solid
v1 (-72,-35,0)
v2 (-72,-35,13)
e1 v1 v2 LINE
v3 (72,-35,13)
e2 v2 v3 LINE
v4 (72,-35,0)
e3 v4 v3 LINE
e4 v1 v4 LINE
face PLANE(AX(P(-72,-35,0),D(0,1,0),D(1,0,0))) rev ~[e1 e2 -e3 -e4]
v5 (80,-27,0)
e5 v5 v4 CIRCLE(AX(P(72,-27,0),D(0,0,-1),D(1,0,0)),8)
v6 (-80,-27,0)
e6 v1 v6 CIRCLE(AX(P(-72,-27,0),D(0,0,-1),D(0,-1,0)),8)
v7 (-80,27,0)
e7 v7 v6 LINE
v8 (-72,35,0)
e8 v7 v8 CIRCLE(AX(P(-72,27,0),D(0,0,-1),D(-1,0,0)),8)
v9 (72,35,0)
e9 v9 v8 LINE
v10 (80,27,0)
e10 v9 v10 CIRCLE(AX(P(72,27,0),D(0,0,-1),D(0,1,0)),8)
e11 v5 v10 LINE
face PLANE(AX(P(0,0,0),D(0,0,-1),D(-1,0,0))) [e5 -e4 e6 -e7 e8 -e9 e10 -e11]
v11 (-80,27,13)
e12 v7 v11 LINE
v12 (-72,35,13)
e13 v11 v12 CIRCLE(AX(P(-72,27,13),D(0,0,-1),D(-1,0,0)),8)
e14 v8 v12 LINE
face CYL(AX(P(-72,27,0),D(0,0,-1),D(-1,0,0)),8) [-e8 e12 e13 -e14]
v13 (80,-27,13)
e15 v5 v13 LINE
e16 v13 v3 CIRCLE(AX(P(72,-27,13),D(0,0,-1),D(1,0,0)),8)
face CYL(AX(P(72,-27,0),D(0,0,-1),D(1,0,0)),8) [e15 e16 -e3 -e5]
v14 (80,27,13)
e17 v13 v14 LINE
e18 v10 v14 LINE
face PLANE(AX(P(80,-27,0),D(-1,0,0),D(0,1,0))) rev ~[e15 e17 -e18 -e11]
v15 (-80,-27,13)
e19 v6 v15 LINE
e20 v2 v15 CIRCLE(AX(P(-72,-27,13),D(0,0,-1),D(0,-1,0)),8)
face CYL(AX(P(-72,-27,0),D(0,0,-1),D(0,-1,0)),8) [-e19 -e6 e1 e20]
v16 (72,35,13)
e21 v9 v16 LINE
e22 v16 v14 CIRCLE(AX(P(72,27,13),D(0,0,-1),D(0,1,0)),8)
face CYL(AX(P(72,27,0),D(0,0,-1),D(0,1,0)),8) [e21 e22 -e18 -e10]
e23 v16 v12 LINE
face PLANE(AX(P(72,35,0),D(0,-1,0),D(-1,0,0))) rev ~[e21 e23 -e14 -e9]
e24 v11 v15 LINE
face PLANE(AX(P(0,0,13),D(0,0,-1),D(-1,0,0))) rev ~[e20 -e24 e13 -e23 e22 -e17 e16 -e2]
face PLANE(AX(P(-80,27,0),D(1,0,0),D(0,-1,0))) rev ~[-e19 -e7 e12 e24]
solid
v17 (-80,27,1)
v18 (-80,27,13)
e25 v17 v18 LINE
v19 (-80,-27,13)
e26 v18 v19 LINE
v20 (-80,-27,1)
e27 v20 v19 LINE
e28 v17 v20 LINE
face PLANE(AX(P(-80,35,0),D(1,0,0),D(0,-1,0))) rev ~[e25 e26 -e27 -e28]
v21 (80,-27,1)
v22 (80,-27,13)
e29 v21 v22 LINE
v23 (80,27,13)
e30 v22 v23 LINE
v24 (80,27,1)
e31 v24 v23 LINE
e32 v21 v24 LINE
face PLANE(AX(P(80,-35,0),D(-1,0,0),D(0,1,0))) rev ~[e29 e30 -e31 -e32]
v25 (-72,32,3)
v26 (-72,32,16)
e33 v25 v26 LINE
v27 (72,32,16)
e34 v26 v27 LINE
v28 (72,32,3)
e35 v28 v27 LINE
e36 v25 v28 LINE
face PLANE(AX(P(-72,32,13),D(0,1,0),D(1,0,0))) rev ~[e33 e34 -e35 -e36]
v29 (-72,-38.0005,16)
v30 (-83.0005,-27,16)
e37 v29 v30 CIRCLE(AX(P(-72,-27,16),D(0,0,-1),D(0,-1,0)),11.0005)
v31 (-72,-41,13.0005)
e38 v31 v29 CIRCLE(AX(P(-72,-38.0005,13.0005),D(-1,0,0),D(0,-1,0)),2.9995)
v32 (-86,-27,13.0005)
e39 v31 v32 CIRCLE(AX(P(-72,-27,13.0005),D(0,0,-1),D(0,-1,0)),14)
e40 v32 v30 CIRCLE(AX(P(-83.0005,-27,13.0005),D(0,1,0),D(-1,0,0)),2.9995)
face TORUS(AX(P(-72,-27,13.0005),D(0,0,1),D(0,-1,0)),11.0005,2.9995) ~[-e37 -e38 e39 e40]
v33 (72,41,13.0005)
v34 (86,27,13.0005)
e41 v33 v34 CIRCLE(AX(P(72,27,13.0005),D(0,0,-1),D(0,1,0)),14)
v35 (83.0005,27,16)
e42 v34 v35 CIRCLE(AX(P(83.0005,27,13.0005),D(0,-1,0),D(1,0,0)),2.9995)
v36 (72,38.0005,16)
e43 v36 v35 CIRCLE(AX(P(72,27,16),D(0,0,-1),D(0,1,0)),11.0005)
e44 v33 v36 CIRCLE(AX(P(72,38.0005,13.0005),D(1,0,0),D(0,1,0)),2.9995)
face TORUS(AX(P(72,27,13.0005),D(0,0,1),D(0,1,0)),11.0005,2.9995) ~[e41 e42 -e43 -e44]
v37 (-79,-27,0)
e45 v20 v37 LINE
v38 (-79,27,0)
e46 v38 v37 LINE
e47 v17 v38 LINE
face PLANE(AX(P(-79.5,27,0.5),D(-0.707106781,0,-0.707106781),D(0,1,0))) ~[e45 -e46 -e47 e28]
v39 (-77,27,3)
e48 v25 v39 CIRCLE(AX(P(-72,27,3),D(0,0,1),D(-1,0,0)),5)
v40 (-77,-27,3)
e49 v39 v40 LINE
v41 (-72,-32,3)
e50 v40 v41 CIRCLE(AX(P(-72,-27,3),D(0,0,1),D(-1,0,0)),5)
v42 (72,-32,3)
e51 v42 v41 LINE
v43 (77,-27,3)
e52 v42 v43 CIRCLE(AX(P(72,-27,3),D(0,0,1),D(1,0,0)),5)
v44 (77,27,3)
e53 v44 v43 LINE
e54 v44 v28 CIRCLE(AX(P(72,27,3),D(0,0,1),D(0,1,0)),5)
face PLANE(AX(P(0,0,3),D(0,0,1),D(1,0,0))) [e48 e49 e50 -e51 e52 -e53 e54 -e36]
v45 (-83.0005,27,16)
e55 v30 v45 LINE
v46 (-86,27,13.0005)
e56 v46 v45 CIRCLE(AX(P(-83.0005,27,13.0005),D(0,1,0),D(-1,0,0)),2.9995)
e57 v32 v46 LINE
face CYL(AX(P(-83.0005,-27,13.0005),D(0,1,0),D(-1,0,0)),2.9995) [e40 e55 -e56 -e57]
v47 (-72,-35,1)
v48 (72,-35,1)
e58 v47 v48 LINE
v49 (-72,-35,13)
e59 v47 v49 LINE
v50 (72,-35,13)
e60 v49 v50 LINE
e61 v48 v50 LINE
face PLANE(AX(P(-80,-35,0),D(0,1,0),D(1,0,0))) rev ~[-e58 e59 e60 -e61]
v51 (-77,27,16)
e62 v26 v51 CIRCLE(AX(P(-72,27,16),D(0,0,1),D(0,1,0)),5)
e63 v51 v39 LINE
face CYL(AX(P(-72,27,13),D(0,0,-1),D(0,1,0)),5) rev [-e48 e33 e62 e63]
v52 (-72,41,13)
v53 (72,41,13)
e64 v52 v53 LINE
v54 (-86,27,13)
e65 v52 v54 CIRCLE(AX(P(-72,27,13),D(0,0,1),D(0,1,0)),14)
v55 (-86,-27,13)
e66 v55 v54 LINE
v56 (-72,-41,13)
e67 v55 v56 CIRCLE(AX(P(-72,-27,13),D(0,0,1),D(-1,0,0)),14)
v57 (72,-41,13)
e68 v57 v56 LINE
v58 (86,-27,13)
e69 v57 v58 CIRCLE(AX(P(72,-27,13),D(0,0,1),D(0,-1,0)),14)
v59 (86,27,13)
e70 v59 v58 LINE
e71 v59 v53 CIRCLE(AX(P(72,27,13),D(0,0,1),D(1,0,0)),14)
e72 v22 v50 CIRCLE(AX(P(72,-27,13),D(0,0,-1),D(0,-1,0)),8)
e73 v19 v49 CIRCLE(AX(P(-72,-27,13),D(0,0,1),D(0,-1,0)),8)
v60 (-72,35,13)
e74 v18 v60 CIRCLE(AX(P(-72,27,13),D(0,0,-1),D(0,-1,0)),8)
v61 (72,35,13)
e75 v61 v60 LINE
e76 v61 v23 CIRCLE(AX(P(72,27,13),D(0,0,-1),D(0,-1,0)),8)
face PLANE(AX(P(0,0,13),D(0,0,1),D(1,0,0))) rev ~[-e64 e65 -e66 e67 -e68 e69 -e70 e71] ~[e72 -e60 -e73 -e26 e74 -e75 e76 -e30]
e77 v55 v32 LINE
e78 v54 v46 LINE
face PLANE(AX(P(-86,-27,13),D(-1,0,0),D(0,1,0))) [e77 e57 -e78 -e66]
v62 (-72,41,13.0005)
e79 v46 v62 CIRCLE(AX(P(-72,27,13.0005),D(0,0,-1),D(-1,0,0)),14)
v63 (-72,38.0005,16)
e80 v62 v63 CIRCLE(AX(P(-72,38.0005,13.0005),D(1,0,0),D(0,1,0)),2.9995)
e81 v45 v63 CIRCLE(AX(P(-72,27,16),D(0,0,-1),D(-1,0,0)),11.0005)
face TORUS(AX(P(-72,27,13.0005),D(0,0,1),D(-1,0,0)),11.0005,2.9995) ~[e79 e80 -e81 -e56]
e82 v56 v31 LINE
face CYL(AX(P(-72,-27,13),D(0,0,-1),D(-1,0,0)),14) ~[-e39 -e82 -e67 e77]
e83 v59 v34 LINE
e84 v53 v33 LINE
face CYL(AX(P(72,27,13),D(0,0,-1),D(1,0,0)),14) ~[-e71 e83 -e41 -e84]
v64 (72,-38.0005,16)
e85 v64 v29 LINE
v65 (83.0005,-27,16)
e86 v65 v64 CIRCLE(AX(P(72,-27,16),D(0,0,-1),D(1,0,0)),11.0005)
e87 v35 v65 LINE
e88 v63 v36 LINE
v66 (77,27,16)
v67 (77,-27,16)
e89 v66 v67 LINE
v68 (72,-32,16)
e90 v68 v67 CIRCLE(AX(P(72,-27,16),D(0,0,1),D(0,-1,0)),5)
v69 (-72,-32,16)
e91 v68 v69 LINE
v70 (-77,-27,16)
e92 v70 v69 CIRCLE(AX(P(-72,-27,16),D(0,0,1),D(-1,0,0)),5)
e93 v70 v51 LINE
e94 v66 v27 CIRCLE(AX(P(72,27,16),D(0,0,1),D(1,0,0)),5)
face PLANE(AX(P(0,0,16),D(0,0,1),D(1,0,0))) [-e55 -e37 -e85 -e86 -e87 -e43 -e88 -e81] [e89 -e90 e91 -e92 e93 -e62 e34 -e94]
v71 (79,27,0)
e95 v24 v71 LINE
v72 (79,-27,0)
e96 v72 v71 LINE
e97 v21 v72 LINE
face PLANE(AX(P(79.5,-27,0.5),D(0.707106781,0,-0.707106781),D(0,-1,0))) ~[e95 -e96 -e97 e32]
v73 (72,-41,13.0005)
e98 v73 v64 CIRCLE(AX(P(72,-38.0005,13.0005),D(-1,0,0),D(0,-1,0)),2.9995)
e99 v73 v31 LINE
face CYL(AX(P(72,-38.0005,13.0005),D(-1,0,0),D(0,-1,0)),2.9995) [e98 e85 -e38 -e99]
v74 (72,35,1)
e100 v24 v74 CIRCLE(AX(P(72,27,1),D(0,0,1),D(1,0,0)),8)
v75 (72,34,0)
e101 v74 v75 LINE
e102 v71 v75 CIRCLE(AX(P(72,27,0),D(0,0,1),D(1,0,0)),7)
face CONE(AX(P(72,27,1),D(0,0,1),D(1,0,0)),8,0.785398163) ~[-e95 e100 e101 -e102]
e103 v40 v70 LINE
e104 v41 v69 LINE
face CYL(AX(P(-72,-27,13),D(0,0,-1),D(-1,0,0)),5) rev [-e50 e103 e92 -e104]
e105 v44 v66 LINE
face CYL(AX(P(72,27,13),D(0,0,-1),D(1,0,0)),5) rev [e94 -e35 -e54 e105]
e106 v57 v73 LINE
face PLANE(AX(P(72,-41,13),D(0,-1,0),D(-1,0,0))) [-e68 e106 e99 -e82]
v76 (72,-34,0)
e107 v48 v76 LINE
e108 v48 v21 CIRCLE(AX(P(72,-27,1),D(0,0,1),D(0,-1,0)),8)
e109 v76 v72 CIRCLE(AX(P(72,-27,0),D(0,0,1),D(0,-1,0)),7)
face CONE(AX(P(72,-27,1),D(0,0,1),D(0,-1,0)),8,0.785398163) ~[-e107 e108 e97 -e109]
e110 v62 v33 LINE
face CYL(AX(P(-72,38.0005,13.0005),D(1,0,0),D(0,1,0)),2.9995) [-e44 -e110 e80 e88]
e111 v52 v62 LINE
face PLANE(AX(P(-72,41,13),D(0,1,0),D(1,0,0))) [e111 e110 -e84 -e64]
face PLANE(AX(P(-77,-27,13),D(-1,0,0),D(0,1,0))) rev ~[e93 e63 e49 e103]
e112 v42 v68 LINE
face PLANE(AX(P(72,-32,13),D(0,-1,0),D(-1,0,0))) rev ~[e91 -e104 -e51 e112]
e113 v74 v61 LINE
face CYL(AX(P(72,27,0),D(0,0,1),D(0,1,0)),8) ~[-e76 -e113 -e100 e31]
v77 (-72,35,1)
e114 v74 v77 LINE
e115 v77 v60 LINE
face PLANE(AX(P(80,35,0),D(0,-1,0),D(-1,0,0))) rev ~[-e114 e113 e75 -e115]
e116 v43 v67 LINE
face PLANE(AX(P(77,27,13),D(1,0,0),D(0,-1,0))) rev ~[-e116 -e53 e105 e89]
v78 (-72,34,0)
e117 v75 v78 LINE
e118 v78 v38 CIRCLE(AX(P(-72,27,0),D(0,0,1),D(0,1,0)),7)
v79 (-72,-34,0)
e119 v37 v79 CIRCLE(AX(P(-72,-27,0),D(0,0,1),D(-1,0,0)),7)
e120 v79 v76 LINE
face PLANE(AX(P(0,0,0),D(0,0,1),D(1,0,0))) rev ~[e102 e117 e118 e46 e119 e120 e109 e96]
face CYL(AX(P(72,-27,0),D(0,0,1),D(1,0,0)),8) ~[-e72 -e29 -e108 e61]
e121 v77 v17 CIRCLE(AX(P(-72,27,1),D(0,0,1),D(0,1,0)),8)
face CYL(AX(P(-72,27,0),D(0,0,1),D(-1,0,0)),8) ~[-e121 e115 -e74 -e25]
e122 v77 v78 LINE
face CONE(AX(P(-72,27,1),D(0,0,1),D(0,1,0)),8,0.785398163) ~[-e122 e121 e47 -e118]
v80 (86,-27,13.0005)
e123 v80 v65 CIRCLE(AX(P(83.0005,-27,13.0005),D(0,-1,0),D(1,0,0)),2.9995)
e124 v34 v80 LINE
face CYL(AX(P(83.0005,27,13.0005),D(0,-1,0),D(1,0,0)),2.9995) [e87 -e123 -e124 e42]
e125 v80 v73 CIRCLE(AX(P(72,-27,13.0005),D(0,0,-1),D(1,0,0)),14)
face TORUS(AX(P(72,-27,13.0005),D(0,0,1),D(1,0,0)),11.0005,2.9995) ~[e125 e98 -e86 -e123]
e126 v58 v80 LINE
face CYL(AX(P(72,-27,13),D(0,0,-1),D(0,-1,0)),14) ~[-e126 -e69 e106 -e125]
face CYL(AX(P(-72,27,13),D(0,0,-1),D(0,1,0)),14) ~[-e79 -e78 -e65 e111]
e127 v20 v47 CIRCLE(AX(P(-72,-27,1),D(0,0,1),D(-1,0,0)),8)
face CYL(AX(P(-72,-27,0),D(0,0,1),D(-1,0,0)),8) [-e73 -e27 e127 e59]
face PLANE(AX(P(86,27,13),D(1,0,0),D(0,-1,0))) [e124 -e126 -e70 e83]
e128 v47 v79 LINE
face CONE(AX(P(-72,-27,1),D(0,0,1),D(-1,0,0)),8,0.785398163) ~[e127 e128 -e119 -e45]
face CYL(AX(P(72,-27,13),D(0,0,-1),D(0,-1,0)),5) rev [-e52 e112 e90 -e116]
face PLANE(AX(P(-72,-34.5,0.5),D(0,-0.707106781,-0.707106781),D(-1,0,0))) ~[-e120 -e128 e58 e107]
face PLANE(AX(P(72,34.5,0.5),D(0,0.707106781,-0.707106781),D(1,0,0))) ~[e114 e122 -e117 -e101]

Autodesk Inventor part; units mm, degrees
ref_plane "YZ Plane" through (0, 0, 0) normal (1, 0, 0) x (0, 1, 0)
ref_plane "XZ Plane" through (0, 0, 0) normal (0, 1, 0) x (-1, 0, 0)
ref_plane "XY Plane" through (0, 0, 0) normal (0, 0, 1) x (1, 0, 0)
sketch "Sketch1" plane through (0, 0, 0) normal (0, 0, 1) x (1, 0, 0)
  line L0 (-80, -35) -> (80, -35)
  line L1 (80, -35) -> (80, 35)
  line L2 (80, 35) -> (-80, 35)
  line L3 (-80, 35) -> (-80, -35)
  line L4 (-80, -35) -> (80, 35) construction
  line L5 (80, -35) -> (-80, 35) construction
  point P0 (0, 0)
extrude "Extrusion1" add sketch "Sketch1" along normal blind 13
fillet "Fillet1" radius 8 4 edges at (-80, -35, 6.5) (-80, 35, 6.5) (80, -35, 6.5) (80, 35, 6.5)
shell "Shell1" thickness 3 removed faces 1 at (24, -11.6667, 13)
sketch "Sketch2" plane through (0, 0, 13) normal (0, 0, 1) x (1, 0, 0)
  arc A0 (80, 27) -> (72, 35) centre (72, 27) ccw projected
  line L0 (72, 35) -> (-72, 35) projected
  arc A1 (-72, 35) -> (-80, 27) centre (-72, 27) ccw projected
  line L1 (-80, 27) -> (-80, -27) projected
  arc A2 (-80, -27) -> (-72, -35) centre (-72, -27) ccw projected
  line L2 (-72, -35) -> (72, -35) projected
  arc A3 (72, -35) -> (80, -27) centre (72, -27) ccw projected
  line L3 (80, -27) -> (80, 27) projected
  line L4 (-72, 41) -> (72, 41)
  arc A4 (86, 27) -> (72, 41) centre (72, 27) ccw
  line L5 (86, 27) -> (86, -27)
  arc A5 (72, -41) -> (86, -27) centre (72, -27) ccw
  line L6 (72, -41) -> (-72, -41)
  arc A6 (-86, -27) -> (-72, -41) centre (-72, -27) ccw
  line L7 (-86, -27) -> (-86, 27)
  arc A7 (-72, 41) -> (-86, 27) centre (-72, 27) ccw
  arc A8 (-72, 32) -> (-77, 27) centre (-72, 27) ccw projected
  line L8 (-72, 32) -> (72, 32) projected
  arc A9 (77, 27) -> (72, 32) centre (72, 27) ccw projected
  line L9 (77, 27) -> (77, -27) projected
  arc A10 (72, -32) -> (77, -27) centre (72, -27) ccw projected
  line L10 (72, -32) -> (-72, -32) projected
  arc A11 (-77, -27) -> (-72, -32) centre (-72, -27) ccw projected
  line L11 (-77, -27) -> (-77, 27) projected
  arc A12 (80, 27) -> (72, 35) centre (72, 27) ccw projected
  line L12 (72, 35) -> (-72, 35) projected
  arc A13 (-72, 35) -> (-80, 27) centre (-72, 27) ccw projected
  line L13 (-80, 27) -> (-80, -27) projected
  arc A14 (-80, -27) -> (-72, -35) centre (-72, -27) ccw projected
  line L14 (-72, -35) -> (72, -35) projected
  arc A15 (72, -35) -> (80, -27) centre (72, -27) ccw projected
  line L15 (80, -27) -> (80, 27) projected
  point P0 (0, 0)
  dimension "d5" = 6
extrude "Extrusion2" add sketch "Sketch2" along normal blind 3 contours L3 A3 L2 A2 L1 A1 L0 A0 | L4 A4 L5 A5 L6 A6 L7 A7
fillet "Fillet2" radius 3 8 edges at (-86, 0, 16) (-81.8995, -36.8995, 16) (0, -41, 16) (81.8995, -36.8995, 16) (86, 0, 16) (81.8995, 36.8995, 16) (0, 41, 16) (-81.8995, 36.8995, 16)
sketch "Sketch3" plane through (0, 0, 0) normal (0, 0, -1) x (-1, 0, 0)
  arc A0 (-72, 35) -> (-80, 27) centre (-72, 27) ccw projected
  line L0 (-80, -27) -> (-80, 27) projected
  arc A1 (-80, -27) -> (-72, -35) centre (-72, -27) ccw projected
  line L1 (72, -35) -> (-72, -35) projected
  arc A2 (72, -35) -> (80, -27) centre (72, -27) ccw projected
  line L2 (80, 27) -> (80, -27) projected
  arc A3 (80, 27) -> (72, 35) centre (72, 27) ccw projected
  line L3 (-72, 35) -> (72, 35) projected
  point P0 (0, 0)
chamfer "Chamfer1" distance 1 angle 45 8 edges at (-80, 0, 0) (-77.6569, -32.6569, 0) (0, -35, 0) (77.6569, -32.6569, 0) (80, 0, 0) (77.6569, 32.6569, 0) (0, 35, 0) (-77.6569, 32.6569, 0)
extrude "Extrusion3" add sketch "Sketch3" against normal up to surface (13 mm away) separate body
sketch "Sketch4" plane through (-72, 35, 13) normal (0, 0, 1) x (1, 0, 0)
  line L0 (152, -8) -> (152, -62) projected
  line L1 (0, 0) -> (144, 0) projected
  point P0 (72, -35)
  point P1 (152, -35)
  point P2 (72, 0)
equation "\"zzz\" = 1"
properties part number "Holder for paper clips-01" material "Polycarbonate, Smoke"
